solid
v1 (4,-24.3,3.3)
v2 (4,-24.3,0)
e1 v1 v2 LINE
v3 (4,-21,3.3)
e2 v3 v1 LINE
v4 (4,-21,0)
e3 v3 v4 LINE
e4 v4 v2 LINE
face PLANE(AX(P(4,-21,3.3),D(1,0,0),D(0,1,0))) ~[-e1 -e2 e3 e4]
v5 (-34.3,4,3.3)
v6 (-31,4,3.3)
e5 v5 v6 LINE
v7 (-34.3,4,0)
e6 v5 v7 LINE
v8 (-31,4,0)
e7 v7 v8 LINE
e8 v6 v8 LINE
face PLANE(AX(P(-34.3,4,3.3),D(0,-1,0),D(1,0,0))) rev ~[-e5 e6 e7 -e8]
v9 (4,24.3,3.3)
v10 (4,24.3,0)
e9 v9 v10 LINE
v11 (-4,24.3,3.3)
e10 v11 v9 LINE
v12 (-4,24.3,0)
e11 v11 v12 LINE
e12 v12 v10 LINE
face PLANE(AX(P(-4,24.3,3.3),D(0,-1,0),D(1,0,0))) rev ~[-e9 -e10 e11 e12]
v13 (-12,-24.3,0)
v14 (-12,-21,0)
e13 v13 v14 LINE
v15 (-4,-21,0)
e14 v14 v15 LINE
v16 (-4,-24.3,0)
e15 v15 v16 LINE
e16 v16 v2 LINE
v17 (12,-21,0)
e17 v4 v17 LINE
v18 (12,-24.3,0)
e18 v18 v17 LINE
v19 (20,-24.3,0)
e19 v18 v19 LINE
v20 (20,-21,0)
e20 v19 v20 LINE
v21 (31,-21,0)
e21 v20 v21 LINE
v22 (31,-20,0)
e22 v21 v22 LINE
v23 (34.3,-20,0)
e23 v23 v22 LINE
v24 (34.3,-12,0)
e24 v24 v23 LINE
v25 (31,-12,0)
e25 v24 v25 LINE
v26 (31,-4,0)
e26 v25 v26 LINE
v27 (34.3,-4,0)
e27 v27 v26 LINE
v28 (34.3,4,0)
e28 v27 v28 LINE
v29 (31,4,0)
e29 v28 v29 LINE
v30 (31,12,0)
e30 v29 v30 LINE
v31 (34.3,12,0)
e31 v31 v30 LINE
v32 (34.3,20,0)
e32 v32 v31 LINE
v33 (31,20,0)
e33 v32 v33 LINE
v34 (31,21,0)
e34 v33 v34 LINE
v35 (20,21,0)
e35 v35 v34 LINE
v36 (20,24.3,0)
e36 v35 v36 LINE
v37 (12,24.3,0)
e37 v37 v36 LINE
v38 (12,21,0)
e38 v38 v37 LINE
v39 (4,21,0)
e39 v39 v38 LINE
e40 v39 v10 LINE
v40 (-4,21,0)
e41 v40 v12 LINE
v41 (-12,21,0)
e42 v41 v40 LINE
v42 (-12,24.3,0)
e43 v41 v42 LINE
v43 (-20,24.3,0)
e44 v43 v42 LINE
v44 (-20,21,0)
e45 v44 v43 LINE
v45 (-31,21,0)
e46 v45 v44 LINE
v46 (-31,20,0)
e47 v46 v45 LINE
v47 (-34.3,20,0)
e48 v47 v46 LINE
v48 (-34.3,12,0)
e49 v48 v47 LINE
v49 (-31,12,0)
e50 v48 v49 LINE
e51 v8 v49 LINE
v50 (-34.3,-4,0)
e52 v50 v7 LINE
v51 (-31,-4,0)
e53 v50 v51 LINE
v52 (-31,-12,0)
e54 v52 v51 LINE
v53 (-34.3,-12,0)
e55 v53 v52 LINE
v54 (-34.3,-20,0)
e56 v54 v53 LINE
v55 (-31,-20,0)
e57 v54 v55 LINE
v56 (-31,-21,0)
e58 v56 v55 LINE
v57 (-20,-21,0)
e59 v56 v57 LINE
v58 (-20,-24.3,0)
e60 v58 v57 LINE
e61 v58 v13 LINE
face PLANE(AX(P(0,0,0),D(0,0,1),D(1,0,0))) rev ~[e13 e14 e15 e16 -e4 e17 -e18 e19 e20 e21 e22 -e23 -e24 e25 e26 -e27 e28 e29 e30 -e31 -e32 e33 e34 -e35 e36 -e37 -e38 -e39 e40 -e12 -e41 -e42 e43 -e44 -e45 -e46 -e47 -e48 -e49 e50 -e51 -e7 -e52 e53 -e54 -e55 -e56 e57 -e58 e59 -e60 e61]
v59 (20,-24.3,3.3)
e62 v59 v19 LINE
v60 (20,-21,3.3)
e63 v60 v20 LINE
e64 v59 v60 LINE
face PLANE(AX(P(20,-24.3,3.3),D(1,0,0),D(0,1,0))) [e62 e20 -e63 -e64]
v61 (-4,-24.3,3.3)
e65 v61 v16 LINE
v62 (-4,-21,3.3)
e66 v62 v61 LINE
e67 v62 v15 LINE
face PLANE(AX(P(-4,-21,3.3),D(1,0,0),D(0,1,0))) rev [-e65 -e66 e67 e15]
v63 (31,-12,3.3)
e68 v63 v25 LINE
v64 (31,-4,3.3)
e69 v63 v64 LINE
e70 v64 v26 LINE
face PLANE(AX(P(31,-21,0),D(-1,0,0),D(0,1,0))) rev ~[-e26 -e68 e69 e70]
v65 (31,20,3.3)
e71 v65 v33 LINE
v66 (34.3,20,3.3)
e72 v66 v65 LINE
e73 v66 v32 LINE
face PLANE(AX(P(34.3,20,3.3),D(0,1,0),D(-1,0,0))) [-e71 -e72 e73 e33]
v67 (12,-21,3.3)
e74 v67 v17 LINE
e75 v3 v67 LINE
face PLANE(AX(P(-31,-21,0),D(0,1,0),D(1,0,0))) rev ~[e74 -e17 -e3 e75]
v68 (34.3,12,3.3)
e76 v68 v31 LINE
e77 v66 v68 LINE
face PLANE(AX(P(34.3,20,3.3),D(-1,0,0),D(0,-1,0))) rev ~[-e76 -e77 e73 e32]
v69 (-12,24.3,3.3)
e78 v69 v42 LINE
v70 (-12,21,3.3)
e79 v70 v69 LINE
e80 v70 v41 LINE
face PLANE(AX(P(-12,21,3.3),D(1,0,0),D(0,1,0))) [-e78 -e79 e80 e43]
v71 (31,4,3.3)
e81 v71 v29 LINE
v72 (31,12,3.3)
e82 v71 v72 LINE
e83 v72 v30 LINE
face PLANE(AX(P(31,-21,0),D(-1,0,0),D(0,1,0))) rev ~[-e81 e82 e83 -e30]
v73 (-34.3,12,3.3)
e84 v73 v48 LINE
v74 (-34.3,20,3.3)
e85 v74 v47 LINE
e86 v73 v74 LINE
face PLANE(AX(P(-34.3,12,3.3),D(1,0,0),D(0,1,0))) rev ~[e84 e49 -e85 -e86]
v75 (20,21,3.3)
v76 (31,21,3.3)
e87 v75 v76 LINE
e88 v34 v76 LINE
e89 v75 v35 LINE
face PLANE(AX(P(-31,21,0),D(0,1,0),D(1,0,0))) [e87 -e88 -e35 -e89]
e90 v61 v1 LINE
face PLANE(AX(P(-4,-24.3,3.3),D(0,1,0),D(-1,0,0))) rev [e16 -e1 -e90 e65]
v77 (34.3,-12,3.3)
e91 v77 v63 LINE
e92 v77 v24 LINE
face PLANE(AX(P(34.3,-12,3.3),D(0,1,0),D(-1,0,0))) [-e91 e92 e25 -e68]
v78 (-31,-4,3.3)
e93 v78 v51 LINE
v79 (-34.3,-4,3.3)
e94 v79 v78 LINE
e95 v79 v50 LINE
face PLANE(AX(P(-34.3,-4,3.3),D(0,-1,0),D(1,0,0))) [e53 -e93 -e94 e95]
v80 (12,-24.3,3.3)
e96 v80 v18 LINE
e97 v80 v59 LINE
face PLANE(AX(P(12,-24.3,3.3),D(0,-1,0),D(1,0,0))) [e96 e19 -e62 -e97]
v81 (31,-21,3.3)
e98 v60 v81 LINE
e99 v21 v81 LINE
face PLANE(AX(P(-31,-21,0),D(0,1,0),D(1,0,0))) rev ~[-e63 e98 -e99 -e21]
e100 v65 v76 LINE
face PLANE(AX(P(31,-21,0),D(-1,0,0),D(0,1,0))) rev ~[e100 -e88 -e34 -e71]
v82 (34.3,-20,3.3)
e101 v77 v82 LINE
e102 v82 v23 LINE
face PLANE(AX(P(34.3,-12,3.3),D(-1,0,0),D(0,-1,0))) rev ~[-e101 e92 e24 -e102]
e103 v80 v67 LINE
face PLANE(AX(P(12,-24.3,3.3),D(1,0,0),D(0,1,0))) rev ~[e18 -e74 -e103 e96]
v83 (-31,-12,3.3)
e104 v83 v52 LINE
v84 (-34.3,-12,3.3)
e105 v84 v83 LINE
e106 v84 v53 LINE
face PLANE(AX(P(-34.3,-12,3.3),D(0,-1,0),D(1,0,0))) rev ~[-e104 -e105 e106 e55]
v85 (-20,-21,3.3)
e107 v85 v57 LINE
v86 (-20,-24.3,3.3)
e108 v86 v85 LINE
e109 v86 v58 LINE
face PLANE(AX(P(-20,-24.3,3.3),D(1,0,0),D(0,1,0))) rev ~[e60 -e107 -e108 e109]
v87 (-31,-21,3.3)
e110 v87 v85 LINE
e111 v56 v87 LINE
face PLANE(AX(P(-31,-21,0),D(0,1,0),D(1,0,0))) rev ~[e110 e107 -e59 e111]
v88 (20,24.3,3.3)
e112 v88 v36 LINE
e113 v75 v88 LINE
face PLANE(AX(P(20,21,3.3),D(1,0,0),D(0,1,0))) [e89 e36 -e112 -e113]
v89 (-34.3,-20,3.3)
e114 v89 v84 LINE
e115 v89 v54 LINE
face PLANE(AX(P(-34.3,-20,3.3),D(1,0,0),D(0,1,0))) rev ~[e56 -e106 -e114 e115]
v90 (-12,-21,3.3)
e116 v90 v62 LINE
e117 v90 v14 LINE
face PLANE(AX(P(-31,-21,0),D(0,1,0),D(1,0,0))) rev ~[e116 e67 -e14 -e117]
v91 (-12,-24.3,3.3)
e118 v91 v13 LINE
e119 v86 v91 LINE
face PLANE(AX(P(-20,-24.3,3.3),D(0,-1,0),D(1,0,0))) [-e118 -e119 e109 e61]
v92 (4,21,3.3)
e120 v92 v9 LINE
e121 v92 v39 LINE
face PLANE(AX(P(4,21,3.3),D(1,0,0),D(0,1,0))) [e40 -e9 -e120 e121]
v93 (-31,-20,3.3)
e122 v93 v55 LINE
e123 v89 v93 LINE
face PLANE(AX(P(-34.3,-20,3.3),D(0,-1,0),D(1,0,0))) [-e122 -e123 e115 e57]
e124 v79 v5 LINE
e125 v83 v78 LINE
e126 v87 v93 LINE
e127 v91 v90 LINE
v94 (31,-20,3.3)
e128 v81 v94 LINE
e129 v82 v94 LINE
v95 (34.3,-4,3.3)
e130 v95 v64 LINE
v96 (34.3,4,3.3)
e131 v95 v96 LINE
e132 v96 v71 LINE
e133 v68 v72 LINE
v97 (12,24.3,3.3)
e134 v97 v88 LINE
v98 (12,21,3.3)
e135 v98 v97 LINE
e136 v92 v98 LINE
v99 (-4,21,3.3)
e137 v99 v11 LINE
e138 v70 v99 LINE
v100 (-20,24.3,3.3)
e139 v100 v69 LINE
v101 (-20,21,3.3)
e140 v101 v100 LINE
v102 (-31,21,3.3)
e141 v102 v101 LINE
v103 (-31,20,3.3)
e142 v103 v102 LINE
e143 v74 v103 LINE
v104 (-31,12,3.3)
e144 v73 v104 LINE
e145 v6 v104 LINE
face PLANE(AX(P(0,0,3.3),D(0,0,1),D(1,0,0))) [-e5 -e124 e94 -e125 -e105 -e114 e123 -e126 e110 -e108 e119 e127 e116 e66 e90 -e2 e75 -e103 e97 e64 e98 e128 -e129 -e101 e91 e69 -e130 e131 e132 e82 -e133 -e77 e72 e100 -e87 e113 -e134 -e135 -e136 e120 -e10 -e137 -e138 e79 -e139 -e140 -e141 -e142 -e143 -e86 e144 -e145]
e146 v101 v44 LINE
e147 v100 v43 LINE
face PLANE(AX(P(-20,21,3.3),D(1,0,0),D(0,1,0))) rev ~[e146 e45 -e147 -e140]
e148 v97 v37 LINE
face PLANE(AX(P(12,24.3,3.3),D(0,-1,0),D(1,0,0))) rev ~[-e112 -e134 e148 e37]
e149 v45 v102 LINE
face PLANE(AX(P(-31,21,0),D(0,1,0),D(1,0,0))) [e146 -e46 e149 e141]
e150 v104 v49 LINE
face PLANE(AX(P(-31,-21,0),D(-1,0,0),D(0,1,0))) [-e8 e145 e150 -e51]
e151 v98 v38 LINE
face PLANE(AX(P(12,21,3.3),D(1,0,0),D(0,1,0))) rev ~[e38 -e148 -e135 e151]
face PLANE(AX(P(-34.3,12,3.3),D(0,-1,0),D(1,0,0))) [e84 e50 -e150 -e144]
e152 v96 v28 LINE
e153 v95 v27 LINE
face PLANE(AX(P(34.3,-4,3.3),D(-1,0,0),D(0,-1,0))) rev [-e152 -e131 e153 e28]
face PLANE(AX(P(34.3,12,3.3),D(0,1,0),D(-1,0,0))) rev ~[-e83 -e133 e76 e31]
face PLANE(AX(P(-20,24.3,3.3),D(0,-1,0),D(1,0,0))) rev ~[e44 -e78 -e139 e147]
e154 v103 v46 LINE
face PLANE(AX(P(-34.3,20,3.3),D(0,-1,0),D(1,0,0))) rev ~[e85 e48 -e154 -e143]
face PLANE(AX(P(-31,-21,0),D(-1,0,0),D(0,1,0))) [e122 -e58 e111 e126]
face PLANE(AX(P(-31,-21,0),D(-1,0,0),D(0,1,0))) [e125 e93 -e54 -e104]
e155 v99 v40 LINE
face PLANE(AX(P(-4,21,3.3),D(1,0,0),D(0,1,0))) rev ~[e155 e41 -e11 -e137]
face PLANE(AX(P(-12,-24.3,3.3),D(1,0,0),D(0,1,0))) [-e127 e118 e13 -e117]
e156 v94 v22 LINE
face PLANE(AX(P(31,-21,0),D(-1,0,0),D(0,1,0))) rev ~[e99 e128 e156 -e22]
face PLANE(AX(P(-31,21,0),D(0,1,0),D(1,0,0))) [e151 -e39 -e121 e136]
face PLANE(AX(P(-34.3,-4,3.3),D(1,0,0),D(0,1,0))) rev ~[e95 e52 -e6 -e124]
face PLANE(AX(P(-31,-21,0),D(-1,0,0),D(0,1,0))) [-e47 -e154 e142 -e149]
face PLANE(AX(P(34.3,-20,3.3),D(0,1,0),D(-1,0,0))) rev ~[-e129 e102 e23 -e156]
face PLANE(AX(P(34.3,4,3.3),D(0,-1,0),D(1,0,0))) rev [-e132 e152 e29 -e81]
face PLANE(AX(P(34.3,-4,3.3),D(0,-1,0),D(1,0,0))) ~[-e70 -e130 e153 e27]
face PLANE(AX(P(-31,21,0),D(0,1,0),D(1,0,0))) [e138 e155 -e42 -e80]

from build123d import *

# Parameters (mm, degrees)
ESQUISSE1_W                    = 62
ESQUISSE1_H                    = 42
BOSS_EXTRU_1_DEPTH             = 3.3
ESQUISSE2_W                    = 8
ESQUISSE2_H                    = 3.3
BOSS_EXTRU_2_DEPTH             = 3.3
R_P_TITION_LIN_AIRE1_COUNT     = 2
R_P_TITION_LIN_AIRE1_PITCH     = 16
R_P_TITION_LIN_AIRE1_COL_COUNT = 2
R_P_TITION_LIN_AIRE1_COL_PITCH = 16
SYM_TRIE1_COPY_1_SKETCH_W      = 8
SYM_TRIE1_COPY_1_SKETCH_H      = 3.3
SYM_TRIE1_COPY_1_DEPTH         = 3.3
SYM_TRIE1_COPY_2_SKETCH_W      = 8
SYM_TRIE1_COPY_2_SKETCH_H      = 3.3
SYM_TRIE1_COPY_2_DEPTH         = 3.3
ESQUISSE3_W                    = 3.3
ESQUISSE3_H                    = 8
BOSS_EXTRU_3_DEPTH             = 3.3
R_P_TITION_LIN_AIRE2_COUNT     = 2
R_P_TITION_LIN_AIRE2_PITCH     = 16
R_P_TITION_LIN_AIRE2_COL_COUNT = 2
R_P_TITION_LIN_AIRE2_COL_PITCH = 16
SYM_TRIE2_COPY_1_SKETCH_W      = 3.3
SYM_TRIE2_COPY_1_SKETCH_H      = 8
SYM_TRIE2_COPY_1_DEPTH         = 3.3
SYM_TRIE2_COPY_2_SKETCH_W      = 3.3
SYM_TRIE2_COPY_2_SKETCH_H      = 8
SYM_TRIE2_COPY_2_DEPTH         = 3.3


with BuildPart() as part:
    # Esquisse1 → Boss.-Extru.1 (new body)
    with BuildSketch(Plane.XY):
        Rectangle(ESQUISSE1_W, ESQUISSE1_H)
    extrude(amount=BOSS_EXTRU_1_DEPTH)

    # Esquisse2 → Boss.-Extru.2 (add)
    with BuildSketch(Plane.XY.offset(3.3)):
        with Locations((0, 22.65)):
            Rectangle(ESQUISSE2_W, ESQUISSE2_H)
    boss_extru_2 = extrude(amount=-BOSS_EXTRU_2_DEPTH)

    # Répétition linéaire1: Boss.-Extru.2 ×2
    with Locations(*[(-i * R_P_TITION_LIN_AIRE1_PITCH, 0, 0) for i in range(1, R_P_TITION_LIN_AIRE1_COUNT)]):
        add(boss_extru_2)

    # Répétition linéaire1 col: Boss.-Extru.2 ×2
    with Locations(*[(i * R_P_TITION_LIN_AIRE1_COL_PITCH, 0, 0) for i in range(1, R_P_TITION_LIN_AIRE1_COL_COUNT)]):
        add(boss_extru_2)

    # Symétrie1: Boss.-Extru.2 across plane
    add(boss_extru_2.mirror(Plane.ZX))

    # Symétrie1 copy 1 sketch → Symétrie1 copy 1 (add)
    with BuildSketch(Plane(origin=(-16, 0, 3.3), x_dir=(1, 0, 0), z_dir=(0, 0, 1))):
        with Locations((0, -22.65)):
            Rectangle(SYM_TRIE1_COPY_1_SKETCH_W, SYM_TRIE1_COPY_1_SKETCH_H)
    extrude(amount=-SYM_TRIE1_COPY_1_DEPTH)

    # Symétrie1 copy 2 sketch → Symétrie1 copy 2 (add)
    with BuildSketch(Plane(origin=(16, 0, 3.3), x_dir=(1, 0, 0), z_dir=(0, 0, 1))):
        with Locations((0, -22.65)):
            Rectangle(SYM_TRIE1_COPY_2_SKETCH_W, SYM_TRIE1_COPY_2_SKETCH_H)
    extrude(amount=-SYM_TRIE1_COPY_2_DEPTH)

    # Esquisse3 → Boss.-Extru.3 (add)
    with BuildSketch(Plane.XY.offset(3.3)):
        with Locations((-32.65, 0)):
            Rectangle(ESQUISSE3_W, ESQUISSE3_H)
    boss_extru_3 = extrude(amount=-BOSS_EXTRU_3_DEPTH)

    # Répétition linéaire2: Boss.-Extru.3 ×2
    with Locations(*[(0, i * R_P_TITION_LIN_AIRE2_PITCH, 0) for i in range(1, R_P_TITION_LIN_AIRE2_COUNT)]):
        add(boss_extru_3)

    # Répétition linéaire2 col: Boss.-Extru.3 ×2
    with Locations(*[(0, -i * R_P_TITION_LIN_AIRE2_COL_PITCH, 0) for i in range(1, R_P_TITION_LIN_AIRE2_COL_COUNT)]):
        add(boss_extru_3)

    # Symétrie2: Boss.-Extru.3 across plane
    add(boss_extru_3.mirror(Plane(origin=(0, 0, 0), x_dir=(0, 0, 1), z_dir=(1, 0, 0))))

    # Symétrie2 copy 1 sketch → Symétrie2 copy 1 (add)
    with BuildSketch(Plane(origin=(0, 16, 3.3), x_dir=(-1, 0, 0), z_dir=(0, 0, 1))):
        with Locations((-32.65, 0)):
            Rectangle(SYM_TRIE2_COPY_1_SKETCH_W, SYM_TRIE2_COPY_1_SKETCH_H)
    extrude(amount=-SYM_TRIE2_COPY_1_DEPTH)

    # Symétrie2 copy 2 sketch → Symétrie2 copy 2 (add)
    with BuildSketch(Plane(origin=(0, -16, 3.3), x_dir=(-1, 0, 0), z_dir=(0, 0, 1))):
        with Locations((-32.65, 0)):
            Rectangle(SYM_TRIE2_COPY_2_SKETCH_W, SYM_TRIE2_COPY_2_SKETCH_H)
    extrude(amount=-SYM_TRIE2_COPY_2_DEPTH)


solid = part.part
